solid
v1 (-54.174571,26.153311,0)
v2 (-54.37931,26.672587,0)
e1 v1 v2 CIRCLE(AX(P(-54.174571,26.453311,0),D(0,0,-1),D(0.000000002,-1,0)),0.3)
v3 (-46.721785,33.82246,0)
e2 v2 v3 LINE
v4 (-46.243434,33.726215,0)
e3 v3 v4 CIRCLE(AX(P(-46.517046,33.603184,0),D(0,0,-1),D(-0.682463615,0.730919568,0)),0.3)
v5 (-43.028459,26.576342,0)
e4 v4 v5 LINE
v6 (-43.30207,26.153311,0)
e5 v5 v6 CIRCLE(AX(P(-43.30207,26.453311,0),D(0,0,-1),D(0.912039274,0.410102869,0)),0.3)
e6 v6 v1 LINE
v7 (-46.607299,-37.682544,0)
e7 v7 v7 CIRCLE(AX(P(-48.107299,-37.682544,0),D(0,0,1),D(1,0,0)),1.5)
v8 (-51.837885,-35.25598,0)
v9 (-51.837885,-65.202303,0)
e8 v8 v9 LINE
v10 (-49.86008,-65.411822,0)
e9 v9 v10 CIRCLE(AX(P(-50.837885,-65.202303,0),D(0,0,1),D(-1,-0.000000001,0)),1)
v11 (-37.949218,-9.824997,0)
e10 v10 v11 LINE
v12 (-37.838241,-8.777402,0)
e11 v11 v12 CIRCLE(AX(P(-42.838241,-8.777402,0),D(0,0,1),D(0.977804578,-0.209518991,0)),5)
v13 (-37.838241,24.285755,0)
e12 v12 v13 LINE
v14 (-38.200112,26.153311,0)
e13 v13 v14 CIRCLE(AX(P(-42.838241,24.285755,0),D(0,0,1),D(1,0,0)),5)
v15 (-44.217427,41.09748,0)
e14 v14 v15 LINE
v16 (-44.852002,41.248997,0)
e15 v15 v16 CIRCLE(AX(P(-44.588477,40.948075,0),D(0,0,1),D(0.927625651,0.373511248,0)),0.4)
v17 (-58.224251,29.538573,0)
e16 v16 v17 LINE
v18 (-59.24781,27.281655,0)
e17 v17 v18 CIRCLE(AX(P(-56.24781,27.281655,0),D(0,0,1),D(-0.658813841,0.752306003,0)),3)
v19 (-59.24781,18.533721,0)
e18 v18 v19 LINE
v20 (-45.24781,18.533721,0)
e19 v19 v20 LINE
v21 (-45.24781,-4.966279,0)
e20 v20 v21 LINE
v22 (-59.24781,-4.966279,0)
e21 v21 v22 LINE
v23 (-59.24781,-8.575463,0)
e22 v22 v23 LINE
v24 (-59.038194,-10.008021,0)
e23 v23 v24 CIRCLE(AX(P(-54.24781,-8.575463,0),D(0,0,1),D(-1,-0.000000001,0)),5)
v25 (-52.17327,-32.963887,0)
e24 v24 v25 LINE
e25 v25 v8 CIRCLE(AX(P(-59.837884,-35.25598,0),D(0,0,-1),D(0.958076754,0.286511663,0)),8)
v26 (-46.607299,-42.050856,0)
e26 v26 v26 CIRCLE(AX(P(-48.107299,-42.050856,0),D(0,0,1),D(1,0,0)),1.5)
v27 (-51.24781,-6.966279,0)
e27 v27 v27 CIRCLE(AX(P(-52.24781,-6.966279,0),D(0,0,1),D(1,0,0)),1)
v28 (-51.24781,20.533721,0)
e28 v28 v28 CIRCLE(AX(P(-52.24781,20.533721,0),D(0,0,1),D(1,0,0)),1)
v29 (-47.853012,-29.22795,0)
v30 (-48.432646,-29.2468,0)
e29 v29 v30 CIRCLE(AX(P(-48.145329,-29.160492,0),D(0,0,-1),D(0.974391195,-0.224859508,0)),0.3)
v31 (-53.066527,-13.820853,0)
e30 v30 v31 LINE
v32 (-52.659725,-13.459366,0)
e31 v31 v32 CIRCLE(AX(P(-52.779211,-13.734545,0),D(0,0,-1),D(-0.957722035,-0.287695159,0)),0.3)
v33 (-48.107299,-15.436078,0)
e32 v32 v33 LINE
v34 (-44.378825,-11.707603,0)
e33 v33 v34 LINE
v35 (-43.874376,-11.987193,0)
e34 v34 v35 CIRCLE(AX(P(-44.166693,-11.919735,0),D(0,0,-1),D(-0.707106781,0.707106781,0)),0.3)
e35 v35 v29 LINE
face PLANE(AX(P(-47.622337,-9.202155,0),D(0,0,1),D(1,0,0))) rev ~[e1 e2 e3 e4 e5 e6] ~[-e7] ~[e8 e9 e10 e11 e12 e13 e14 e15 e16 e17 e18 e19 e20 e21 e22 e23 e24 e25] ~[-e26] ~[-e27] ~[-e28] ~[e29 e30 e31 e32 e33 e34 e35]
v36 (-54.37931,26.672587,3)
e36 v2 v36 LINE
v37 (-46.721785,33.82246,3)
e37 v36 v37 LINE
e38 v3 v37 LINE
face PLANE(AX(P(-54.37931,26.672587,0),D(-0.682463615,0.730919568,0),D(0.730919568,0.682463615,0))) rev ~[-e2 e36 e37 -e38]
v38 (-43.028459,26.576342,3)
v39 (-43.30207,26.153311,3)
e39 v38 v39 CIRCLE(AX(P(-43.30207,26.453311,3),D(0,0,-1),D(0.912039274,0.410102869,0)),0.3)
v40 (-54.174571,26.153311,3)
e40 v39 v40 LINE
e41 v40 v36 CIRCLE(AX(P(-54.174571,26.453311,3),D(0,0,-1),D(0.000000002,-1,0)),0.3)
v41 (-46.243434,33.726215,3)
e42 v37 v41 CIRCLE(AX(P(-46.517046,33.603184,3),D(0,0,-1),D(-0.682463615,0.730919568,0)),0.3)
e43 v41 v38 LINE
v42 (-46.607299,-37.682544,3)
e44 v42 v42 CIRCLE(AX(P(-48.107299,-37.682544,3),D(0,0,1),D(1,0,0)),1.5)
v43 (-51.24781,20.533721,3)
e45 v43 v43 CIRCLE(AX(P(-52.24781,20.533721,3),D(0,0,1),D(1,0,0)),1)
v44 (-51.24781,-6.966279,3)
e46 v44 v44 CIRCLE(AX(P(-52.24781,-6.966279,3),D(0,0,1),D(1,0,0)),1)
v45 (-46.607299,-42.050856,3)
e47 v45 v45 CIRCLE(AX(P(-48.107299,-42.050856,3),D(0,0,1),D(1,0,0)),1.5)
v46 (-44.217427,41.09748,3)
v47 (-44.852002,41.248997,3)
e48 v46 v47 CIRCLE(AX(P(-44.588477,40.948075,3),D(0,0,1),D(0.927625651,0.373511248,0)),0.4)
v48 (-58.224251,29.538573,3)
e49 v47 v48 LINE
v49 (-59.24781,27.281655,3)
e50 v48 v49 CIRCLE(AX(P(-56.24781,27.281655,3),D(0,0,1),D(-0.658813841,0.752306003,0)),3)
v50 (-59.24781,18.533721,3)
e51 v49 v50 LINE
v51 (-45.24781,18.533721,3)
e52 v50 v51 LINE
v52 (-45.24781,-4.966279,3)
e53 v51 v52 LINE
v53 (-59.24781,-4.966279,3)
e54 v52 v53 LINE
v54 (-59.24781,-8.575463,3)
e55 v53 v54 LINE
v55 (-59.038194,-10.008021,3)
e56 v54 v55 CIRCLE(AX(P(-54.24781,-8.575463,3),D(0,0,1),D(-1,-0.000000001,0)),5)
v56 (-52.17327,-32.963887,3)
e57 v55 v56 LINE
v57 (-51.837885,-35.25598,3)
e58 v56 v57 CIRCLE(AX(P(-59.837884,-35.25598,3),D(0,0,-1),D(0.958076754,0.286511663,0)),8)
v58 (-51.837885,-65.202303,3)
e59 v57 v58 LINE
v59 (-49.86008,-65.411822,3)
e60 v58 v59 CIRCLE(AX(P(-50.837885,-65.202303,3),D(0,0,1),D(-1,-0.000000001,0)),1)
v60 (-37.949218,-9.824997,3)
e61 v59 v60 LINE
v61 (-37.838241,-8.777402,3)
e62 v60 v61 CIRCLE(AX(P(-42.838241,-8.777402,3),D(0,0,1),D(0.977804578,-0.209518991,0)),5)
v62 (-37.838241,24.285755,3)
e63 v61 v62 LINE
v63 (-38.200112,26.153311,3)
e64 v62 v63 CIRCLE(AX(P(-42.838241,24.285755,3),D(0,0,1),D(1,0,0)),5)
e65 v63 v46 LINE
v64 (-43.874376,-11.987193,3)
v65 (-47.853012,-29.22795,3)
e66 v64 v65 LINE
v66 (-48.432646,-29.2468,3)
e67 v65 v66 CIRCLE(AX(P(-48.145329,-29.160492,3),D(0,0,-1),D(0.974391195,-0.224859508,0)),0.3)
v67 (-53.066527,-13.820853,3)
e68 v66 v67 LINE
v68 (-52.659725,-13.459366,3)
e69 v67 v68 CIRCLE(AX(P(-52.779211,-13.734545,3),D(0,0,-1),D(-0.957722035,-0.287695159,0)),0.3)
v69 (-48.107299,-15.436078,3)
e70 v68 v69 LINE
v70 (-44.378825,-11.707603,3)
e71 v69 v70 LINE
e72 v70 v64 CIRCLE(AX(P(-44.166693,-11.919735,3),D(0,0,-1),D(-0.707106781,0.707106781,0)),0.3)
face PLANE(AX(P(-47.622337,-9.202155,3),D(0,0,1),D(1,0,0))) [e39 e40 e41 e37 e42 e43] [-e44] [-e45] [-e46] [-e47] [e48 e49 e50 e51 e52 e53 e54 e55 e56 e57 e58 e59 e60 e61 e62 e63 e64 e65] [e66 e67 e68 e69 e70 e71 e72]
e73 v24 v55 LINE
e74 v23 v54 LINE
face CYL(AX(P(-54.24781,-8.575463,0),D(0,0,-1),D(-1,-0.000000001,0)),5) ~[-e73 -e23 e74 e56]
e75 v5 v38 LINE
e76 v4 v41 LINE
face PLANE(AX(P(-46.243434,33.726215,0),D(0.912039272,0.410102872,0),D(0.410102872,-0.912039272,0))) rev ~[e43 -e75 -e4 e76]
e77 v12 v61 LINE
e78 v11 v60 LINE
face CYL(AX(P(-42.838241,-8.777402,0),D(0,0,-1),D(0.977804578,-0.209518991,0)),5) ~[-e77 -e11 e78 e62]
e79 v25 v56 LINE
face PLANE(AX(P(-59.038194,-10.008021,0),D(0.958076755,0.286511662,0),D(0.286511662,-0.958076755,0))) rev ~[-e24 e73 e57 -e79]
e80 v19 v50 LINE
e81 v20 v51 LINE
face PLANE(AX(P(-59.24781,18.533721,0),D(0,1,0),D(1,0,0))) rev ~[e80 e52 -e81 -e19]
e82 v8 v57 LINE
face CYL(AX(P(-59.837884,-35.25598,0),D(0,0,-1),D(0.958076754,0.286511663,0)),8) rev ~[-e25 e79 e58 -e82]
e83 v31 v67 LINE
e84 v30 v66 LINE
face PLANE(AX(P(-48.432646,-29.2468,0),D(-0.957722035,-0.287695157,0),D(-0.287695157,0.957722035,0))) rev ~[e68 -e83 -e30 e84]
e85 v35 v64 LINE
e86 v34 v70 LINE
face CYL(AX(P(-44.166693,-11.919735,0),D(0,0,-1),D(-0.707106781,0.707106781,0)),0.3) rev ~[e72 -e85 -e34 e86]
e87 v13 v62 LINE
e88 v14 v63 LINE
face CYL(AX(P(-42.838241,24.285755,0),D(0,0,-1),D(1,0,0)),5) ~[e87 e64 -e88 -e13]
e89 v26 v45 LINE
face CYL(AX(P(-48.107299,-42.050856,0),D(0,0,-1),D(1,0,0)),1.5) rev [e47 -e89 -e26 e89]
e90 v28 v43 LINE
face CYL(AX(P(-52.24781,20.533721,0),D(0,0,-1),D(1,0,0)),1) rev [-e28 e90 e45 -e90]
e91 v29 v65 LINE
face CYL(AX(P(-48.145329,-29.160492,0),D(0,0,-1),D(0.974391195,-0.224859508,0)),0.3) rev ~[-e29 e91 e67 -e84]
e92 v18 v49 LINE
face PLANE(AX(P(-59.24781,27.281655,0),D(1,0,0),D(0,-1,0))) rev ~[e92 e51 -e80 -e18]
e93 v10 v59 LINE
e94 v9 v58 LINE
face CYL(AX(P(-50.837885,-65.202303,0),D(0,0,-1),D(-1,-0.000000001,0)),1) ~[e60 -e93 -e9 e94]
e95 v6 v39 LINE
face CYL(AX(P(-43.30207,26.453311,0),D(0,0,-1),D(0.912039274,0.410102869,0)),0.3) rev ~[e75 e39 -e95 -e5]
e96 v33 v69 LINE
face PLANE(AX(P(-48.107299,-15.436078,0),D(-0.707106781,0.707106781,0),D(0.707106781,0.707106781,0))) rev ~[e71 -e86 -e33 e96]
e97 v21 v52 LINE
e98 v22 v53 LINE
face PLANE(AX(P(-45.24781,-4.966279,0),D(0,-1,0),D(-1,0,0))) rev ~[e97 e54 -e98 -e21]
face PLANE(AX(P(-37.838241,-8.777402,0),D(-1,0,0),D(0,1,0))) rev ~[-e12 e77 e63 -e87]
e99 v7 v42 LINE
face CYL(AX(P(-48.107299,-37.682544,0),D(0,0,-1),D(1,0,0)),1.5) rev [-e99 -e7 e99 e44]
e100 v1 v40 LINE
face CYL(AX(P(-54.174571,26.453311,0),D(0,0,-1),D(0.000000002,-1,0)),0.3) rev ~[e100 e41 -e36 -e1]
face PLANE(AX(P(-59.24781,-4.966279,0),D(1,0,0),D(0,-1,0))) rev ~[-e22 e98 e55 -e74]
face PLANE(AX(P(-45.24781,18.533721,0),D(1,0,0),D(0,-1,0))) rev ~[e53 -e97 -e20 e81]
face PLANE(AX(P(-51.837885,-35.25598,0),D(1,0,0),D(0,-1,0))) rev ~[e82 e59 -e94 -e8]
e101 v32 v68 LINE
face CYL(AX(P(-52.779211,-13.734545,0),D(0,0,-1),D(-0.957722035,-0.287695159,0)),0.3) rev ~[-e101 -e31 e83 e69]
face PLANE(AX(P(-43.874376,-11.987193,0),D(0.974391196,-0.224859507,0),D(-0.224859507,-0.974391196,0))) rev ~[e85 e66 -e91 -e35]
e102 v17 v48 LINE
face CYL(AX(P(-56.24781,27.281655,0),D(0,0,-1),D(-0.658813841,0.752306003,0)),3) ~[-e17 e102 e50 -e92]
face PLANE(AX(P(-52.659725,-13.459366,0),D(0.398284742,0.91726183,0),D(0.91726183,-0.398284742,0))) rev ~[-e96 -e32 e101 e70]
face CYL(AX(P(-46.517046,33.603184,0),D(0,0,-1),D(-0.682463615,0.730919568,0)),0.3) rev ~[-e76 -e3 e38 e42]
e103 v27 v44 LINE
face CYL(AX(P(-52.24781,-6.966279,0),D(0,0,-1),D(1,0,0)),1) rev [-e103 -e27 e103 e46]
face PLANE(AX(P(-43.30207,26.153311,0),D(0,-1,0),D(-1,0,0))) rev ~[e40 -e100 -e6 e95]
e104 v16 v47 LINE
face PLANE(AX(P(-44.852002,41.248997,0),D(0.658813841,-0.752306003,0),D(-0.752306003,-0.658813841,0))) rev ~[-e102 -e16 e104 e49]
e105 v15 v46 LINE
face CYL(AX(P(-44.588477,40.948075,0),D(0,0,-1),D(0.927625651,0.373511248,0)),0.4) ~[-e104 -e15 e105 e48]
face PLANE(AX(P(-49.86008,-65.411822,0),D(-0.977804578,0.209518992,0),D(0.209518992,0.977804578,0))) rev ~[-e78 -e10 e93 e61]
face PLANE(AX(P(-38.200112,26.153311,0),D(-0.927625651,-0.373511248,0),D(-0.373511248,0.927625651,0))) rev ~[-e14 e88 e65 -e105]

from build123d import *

# Parameters (mm, degrees)
SKETCH1_R           = 1
SKETCH1_R_2         = 1.5
BOSS_EXTRUDE1_DEPTH = 3


with BuildPart() as part:
    # Sketch1 → Boss-Extrude1 (new body)
    with BuildSketch(Plane.XY):
        with BuildLine():
            Line((-59.247809755, 25.254592271), (-59.247809755, 18.533720681))
            Line((-59.247809755, 18.533720681), (-45.247809755, 18.533720681))
            Line((-45.247809755, 18.533720681), (-45.247809755, -4.966279319))
            Line((-45.247809755, -4.966279319), (-59.247809755, -4.966279319))
            Line((-59.247809755, -4.966279319), (-59.247809755, -8.575462785))
            ThreePointArc((-59.247809755, -8.575462785), (-59.195128163, -9.299369248), (-59.038193528, -10.008021094))
            Line((-59.038193528, -10.008021094), (-52.173270473, -32.963886693))
            ThreePointArc((-52.173270473, -32.963886693), (-51.922175056, -34.097729646), (-51.83788451, -35.255979988))
            Line((-51.83788451, -35.255979988), (-51.83788451, -65.202303041))
            ThreePointArc((-51.83788451, -65.202303041), (-50.943230184, -66.196738704), (-49.860079932, -65.411822033))
            Line((-49.860079932, -65.411822033), (-37.949217773, -9.824997069))
            ThreePointArc((-37.949217773, -9.824997069), (-37.866062344, -9.304130483), (-37.838240661, -8.777402109))
            Line((-37.838240661, -8.777402109), (-37.838240661, 24.285754655))
            ThreePointArc((-37.838240661, 24.285754655), (-37.929542195, 25.236900999), (-38.200112409, 26.153310895))
            Line((-38.200112409, 26.153310895), (-44.217426695, 41.09747953))
            ThreePointArc((-44.217426695, 41.09747953), (-44.495580184, 41.337138252), (-44.852002492, 41.248997433))
            Line((-44.852002492, 41.248997433), (-58.224251279, 29.538573021))
            ThreePointArc((-58.224251279, 29.538573021), (-58.979963171, 28.520742463), (-59.247809755, 27.28165501))
            Line((-59.247809755, 27.28165501), (-59.247809755, 25.254592271))
        make_face()
        with Locations((-52.247809755, 20.533720681)):
            Circle(SKETCH1_R, mode=Mode.SUBTRACT)
        with Locations((-52.247809755, -6.966279319)):
            Circle(SKETCH1_R, mode=Mode.SUBTRACT)
        with Locations((-48.107299335, -37.682543737)):
            Circle(SKETCH1_R_2, mode=Mode.SUBTRACT)
        with Locations((-48.107299335, -42.050855836)):
            Circle(SKETCH1_R_2, mode=Mode.SUBTRACT)
        with BuildLine():
            Line((-46.243433747, 33.726215246), (-43.028458535, 26.576341757))
            ThreePointArc((-43.028458535, 26.576341757), (-43.050168294, 26.290383394), (-43.302070317, 26.153310895))
            Line((-43.302070317, 26.153310895), (-54.174570897, 26.153310895))
            ThreePointArc((-54.174570897, 26.153310895), (-54.453661171, 26.343271723), (-54.379309982, 26.672586766))
            Line((-54.379309982, 26.672586766), (-46.721784613, 33.822460255))
            ThreePointArc((-46.721784613, 33.822460255), (-46.457870892, 33.897290424), (-46.243433747, 33.726215246))
        make_face(mode=Mode.SUBTRACT)
        with BuildLine():
            Line((-48.107299335, -15.436077517), (-44.378825251, -11.707603433))
            ThreePointArc((-44.378825251, -11.707603433), (-44.021262657, -11.657342723), (-43.874375858, -11.987193319))
            Line((-43.874375858, -11.987193319), (-47.853011905, -29.227949523))
            ThreePointArc((-47.853011905, -29.227949523), (-48.135577902, -29.460333147), (-48.432645874, -29.246800218))
            Line((-48.432645874, -29.246800218), (-53.066527122, -13.820853431))
            ThreePointArc((-53.066527122, -13.820853431), (-52.978484336, -13.510290691), (-52.659725089, -13.459366335))
            Line((-52.659725089, -13.459366335), (-48.107299335, -15.436077517))
        make_face(mode=Mode.SUBTRACT)
    extrude(amount=BOSS_EXTRUDE1_DEPTH)


solid = part.part
